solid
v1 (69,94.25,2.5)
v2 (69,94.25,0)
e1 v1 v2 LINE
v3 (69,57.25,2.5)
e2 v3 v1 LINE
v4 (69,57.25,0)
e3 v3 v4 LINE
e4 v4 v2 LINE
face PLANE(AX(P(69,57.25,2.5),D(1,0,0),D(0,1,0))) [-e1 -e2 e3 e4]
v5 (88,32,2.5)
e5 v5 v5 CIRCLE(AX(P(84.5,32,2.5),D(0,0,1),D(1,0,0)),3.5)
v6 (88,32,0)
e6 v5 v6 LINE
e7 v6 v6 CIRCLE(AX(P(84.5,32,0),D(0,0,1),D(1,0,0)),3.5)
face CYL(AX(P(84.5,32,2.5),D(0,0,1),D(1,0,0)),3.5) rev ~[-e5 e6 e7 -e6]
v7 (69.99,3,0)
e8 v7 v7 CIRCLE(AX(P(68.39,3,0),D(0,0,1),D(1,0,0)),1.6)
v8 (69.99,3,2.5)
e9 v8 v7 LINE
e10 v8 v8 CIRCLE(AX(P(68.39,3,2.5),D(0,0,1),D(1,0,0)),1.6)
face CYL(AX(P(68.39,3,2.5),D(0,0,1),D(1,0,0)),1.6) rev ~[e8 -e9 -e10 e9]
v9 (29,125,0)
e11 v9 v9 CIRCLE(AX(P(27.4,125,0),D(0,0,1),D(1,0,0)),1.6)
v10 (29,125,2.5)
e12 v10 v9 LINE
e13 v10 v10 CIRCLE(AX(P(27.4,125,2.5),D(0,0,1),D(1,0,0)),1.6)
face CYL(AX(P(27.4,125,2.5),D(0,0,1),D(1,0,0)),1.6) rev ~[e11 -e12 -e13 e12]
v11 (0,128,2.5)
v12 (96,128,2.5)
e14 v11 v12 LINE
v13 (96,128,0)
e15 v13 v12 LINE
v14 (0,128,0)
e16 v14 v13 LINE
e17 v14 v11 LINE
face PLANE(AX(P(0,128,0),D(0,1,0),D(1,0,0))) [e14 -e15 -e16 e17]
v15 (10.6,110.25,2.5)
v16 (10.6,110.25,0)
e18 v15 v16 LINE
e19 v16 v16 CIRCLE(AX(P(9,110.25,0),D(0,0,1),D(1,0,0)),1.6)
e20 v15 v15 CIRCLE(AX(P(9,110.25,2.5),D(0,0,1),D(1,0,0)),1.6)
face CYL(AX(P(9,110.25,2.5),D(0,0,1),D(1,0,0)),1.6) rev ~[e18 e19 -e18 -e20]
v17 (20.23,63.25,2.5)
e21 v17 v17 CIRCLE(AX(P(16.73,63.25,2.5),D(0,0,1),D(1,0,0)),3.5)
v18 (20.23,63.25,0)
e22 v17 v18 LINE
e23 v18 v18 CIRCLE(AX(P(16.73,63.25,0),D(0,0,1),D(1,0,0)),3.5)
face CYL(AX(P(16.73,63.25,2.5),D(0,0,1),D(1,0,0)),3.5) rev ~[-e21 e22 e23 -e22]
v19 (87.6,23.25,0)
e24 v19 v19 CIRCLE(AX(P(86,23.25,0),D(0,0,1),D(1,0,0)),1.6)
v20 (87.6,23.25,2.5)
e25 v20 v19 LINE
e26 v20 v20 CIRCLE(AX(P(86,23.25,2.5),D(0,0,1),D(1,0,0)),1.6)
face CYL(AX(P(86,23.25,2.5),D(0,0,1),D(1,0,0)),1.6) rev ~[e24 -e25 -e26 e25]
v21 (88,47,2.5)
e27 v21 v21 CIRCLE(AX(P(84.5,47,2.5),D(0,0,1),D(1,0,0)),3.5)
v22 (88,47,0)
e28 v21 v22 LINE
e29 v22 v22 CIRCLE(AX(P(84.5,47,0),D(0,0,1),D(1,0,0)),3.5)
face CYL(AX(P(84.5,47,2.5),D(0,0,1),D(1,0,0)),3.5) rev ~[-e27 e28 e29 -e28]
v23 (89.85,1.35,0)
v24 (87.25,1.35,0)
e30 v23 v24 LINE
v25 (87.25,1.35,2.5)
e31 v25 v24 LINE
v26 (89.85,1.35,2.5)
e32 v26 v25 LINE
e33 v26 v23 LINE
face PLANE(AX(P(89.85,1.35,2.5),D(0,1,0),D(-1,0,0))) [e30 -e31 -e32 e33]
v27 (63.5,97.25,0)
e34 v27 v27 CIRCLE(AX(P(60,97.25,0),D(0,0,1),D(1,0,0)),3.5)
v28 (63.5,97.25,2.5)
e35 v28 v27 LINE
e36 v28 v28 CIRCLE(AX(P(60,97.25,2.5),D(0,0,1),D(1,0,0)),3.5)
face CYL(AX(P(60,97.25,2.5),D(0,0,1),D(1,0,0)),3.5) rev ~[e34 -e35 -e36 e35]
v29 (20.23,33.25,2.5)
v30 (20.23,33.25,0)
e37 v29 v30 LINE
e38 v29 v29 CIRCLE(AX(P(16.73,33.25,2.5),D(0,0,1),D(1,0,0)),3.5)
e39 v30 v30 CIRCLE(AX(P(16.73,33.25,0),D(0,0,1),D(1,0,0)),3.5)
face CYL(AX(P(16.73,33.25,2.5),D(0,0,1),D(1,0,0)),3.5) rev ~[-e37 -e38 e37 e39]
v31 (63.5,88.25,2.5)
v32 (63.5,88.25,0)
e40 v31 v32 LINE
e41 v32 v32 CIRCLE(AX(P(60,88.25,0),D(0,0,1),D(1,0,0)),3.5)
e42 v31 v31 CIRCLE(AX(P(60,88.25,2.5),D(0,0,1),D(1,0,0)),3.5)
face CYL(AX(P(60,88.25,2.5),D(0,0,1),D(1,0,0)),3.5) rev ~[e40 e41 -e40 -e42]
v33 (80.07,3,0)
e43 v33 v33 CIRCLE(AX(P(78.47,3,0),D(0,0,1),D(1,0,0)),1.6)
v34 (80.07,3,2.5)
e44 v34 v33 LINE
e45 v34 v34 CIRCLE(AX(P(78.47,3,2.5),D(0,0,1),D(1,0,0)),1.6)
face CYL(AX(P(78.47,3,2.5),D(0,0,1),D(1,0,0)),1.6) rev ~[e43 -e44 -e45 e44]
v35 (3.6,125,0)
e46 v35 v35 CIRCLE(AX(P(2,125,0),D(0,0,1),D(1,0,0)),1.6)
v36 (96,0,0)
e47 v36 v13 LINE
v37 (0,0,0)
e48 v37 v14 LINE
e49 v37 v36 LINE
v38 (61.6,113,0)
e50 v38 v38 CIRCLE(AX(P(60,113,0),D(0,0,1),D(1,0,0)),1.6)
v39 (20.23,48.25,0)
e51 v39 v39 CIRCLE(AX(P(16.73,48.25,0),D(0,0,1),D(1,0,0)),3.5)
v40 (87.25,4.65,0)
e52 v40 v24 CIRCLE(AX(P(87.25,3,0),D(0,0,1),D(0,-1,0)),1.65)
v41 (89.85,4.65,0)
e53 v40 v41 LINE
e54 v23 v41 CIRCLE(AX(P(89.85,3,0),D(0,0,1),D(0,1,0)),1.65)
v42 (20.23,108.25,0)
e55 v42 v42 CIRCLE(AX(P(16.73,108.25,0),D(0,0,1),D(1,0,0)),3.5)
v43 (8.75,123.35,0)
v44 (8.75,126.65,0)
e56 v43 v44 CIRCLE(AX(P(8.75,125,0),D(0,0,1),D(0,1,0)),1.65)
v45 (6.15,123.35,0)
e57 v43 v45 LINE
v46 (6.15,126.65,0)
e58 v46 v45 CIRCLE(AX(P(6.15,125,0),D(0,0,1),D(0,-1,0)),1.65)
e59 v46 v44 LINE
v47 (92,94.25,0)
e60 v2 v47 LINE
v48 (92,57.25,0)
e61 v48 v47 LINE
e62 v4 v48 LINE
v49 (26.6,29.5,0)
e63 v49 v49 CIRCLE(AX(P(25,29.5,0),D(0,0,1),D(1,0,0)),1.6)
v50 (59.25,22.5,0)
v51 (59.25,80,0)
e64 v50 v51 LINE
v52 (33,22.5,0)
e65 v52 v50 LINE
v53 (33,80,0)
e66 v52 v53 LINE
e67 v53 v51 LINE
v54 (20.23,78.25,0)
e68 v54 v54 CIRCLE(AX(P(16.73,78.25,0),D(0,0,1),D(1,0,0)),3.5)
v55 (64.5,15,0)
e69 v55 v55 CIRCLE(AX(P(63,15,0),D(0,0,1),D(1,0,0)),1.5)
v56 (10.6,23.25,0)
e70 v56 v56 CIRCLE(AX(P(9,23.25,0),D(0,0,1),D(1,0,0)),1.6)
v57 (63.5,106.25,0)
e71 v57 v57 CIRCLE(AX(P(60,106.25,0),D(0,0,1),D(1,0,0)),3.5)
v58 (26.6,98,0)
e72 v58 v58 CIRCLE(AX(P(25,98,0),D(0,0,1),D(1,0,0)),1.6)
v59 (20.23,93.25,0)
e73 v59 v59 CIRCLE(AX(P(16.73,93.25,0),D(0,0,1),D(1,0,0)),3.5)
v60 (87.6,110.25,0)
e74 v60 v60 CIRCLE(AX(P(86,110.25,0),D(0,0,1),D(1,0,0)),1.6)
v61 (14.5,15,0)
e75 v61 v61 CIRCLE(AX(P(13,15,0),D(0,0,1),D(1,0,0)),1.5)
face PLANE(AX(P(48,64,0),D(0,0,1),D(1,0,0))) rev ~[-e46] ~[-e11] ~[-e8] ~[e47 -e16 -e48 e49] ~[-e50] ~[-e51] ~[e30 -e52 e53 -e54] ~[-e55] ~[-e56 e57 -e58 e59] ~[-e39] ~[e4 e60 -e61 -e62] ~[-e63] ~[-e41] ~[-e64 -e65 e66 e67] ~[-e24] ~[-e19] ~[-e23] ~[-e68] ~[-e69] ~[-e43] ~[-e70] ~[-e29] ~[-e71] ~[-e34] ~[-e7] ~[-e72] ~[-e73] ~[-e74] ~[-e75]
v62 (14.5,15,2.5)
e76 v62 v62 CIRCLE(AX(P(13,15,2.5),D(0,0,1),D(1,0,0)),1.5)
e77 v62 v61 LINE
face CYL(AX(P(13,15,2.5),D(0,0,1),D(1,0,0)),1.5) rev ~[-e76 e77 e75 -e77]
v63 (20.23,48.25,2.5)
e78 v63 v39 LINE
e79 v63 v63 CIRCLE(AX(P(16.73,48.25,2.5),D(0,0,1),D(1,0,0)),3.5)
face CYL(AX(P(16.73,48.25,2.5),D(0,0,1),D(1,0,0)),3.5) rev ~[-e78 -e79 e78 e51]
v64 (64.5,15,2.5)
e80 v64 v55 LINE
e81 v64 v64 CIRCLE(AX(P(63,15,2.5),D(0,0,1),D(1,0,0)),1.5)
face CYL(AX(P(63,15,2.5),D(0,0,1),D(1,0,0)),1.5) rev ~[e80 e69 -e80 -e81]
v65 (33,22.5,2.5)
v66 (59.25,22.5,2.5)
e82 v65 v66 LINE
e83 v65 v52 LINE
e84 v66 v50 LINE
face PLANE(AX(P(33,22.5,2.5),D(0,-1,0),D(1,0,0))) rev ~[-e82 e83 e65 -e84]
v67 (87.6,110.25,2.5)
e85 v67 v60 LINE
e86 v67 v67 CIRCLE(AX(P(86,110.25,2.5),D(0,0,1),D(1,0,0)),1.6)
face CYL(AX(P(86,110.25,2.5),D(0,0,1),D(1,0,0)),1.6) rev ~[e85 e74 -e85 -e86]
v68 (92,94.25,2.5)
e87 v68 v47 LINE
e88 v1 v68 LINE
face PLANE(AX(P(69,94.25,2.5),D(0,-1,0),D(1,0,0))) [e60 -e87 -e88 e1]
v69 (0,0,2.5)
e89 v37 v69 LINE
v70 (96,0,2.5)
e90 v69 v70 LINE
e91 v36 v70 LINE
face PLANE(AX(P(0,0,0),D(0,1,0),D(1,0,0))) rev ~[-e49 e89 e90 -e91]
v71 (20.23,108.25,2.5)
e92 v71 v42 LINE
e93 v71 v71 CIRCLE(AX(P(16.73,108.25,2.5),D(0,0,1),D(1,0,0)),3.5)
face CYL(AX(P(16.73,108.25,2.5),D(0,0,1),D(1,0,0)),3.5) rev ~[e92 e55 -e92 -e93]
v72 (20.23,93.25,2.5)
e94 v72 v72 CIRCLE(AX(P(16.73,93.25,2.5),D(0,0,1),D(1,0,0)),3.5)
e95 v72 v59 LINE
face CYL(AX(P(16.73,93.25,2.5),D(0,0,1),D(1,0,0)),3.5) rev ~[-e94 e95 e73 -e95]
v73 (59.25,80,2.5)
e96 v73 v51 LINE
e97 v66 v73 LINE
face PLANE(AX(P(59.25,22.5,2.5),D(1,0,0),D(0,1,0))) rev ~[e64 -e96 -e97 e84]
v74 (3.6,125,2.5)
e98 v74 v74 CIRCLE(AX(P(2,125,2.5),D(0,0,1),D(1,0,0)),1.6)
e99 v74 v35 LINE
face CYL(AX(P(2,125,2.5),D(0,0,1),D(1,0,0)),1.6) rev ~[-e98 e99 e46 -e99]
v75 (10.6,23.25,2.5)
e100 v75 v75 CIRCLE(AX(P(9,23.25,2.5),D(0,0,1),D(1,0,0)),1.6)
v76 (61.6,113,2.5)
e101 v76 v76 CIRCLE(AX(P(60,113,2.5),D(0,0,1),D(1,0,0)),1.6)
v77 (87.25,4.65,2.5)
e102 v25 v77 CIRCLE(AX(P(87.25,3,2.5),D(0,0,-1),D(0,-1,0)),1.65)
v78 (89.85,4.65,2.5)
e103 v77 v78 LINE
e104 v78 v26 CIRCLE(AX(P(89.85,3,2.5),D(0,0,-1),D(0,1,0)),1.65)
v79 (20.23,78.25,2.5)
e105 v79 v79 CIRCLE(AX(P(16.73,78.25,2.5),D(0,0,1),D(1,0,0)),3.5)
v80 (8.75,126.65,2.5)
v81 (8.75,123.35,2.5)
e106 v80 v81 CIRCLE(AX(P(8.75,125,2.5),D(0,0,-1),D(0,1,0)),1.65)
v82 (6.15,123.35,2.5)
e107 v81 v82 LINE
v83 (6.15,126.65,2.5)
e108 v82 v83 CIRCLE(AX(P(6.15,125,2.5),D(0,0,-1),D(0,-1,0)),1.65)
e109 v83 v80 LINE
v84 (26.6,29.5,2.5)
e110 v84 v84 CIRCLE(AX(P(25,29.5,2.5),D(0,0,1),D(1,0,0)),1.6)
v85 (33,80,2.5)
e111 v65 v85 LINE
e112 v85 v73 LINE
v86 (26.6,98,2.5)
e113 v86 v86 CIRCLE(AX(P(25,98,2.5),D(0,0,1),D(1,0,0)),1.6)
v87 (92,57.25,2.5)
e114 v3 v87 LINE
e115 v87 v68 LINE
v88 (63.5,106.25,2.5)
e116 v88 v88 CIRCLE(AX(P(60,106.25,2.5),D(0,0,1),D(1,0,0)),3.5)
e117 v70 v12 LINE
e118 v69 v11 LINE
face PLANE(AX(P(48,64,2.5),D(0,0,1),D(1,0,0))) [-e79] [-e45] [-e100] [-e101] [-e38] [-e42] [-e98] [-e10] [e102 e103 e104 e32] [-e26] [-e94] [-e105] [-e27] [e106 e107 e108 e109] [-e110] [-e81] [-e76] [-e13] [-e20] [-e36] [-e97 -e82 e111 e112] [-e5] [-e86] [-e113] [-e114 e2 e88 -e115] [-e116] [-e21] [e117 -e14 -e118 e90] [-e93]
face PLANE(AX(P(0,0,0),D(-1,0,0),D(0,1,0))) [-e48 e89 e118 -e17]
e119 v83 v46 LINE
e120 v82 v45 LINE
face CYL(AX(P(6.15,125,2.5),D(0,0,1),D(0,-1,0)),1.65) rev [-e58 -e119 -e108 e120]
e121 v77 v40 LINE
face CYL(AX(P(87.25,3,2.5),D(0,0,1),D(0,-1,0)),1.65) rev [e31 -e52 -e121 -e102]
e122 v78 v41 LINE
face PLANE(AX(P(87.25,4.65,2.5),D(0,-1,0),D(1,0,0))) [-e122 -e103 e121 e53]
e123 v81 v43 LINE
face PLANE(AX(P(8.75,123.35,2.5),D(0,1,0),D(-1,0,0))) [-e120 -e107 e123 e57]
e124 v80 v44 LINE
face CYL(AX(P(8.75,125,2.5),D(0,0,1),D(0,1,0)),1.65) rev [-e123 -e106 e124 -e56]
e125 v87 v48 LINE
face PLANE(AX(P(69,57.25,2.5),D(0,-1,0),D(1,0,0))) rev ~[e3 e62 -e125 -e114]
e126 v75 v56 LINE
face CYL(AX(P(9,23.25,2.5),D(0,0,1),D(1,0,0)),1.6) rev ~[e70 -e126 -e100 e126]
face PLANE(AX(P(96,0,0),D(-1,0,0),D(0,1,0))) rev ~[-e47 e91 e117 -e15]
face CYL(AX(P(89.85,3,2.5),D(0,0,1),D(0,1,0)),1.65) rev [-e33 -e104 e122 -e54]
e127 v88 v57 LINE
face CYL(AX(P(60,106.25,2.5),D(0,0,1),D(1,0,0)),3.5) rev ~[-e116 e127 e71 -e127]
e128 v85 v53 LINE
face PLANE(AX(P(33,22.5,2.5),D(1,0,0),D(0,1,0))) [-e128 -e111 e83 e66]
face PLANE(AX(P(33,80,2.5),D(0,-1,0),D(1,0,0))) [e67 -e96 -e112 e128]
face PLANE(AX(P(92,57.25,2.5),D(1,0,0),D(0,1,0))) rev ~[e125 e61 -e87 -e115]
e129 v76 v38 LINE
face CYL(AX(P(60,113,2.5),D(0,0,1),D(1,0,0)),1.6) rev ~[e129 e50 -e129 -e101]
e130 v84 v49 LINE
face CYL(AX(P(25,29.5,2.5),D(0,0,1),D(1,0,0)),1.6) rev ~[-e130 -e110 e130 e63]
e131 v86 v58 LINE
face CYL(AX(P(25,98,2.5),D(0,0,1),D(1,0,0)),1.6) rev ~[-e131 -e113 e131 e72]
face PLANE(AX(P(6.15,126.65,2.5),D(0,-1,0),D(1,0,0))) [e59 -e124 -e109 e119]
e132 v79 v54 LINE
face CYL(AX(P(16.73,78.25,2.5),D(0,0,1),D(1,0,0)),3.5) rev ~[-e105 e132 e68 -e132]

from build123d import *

# Parameters (mm, degrees)
SKETCH1_W           = 96
SKETCH1_H           = 128
BOSS_EXTRUDE1_DEPTH = 2.5
SKETCH2_R           = 1.6
CUT_EXTRUDE1_DEPTH  = 161.019530058
SKETCH3_R           = 1.6
CUT_EXTRUDE2_DEPTH  = 161.019530058
SKETCH4_R           = 1.5
CUT_EXTRUDE3_DEPTH  = 161.019530058
SKETCH9_R           = 1.6
CUT_EXTRUDE4_DEPTH  = 161.019530058
SKETCH12_R          = 3.5
CUT_EXTRUDE5_DEPTH  = 161.019530058
SKETCH13_W          = 23
SKETCH13_H          = 37
SKETCH13_W_2        = 26.25
SKETCH13_H_2        = 57.5
CUT_EXTRUDE6_DEPTH  = 161.019530058


with BuildPart() as part:
    # Sketch1 → Boss-Extrude1 (new body)
    with BuildSketch(Plane.XY):
        with Locations((48, 64)):
            Rectangle(SKETCH1_W, SKETCH1_H)
    extrude(amount=BOSS_EXTRUDE1_DEPTH)

    # Sketch2 → Cut-Extrude1 (cut, through all)
    with BuildSketch(Plane.XY.offset(2.5)):
        with Locations((2, 125)):
            Circle(SKETCH2_R)
        with Locations((27.4, 125)):
            Circle(SKETCH2_R)
        with Locations((78.47, 3)):
            Circle(SKETCH2_R)
        with Locations((68.39, 3)):
            Circle(SKETCH2_R)
        with BuildLine():
            Line((6.15, 126.65), (8.75, 126.65))
            ThreePointArc((8.75, 126.65), (10.4, 125), (8.75, 123.35))
            Line((8.75, 123.35), (6.15, 123.35))
            ThreePointArc((6.15, 123.35), (4.5, 125), (6.15, 126.65))
        make_face()
        with BuildLine():
            Line((87.25, 4.65), (89.85, 4.65))
            ThreePointArc((89.85, 4.65), (91.5, 3), (89.85, 1.35))
            Line((89.85, 1.35), (87.25, 1.35))
            ThreePointArc((87.25, 1.35), (85.6, 3), (87.25, 4.65))
        make_face()
    extrude(amount=-CUT_EXTRUDE1_DEPTH, mode=Mode.SUBTRACT)

    # Sketch3 → Cut-Extrude2 (cut, through all)
    with BuildSketch(Plane.XY.offset(2.5)):
        with Locations((25, 98)):
            Circle(SKETCH3_R)
        with Locations((60, 113)):
            Circle(SKETCH3_R)
        with Locations((25, 29.5)):
            Circle(SKETCH3_R)
    extrude(amount=-CUT_EXTRUDE2_DEPTH, mode=Mode.SUBTRACT)

    # Sketch4 → Cut-Extrude3 (cut, through all)
    with BuildSketch(Plane.XY.offset(2.5)):
        with Locations((13, 15)):
            Circle(SKETCH4_R)
        with Locations((63, 15)):
            Circle(SKETCH4_R)
    extrude(amount=-CUT_EXTRUDE3_DEPTH, mode=Mode.SUBTRACT)

    # Sketch9 → Cut-Extrude4 (cut, through all)
    with BuildSketch(Plane.XY.offset(2.5)):
        with Locations((9, 110.25)):
            Circle(SKETCH9_R)
        with Locations((9, 23.25)):
            Circle(SKETCH9_R)
        with Locations((86, 23.25)):
            Circle(SKETCH9_R)
        with Locations((86, 110.25)):
            Circle(SKETCH9_R)
    extrude(amount=-CUT_EXTRUDE4_DEPTH, mode=Mode.SUBTRACT)

    # Sketch12 → Cut-Extrude5 (cut, through all)
    with BuildSketch(Plane.XY.offset(2.5)):
        with Locations((16.73, 108.25)):
            Circle(SKETCH12_R)
        with Locations((16.73, 93.25)):
            Circle(SKETCH12_R)
        with Locations((16.73, 78.25)):
            Circle(SKETCH12_R)
        with Locations((16.73, 63.25)):
            Circle(SKETCH12_R)
        with Locations((16.73, 48.25)):
            Circle(SKETCH12_R)
        with Locations((16.73, 33.25)):
            Circle(SKETCH12_R)
        with Locations((60, 106.25)):
            Circle(SKETCH12_R)
        with Locations((60, 88.25)):
            Circle(SKETCH12_R)
        with Locations((60, 97.25)):
            Circle(SKETCH12_R)
        with Locations((84.5, 32)):
            Circle(SKETCH12_R)
        with Locations((84.5, 47)):
            Circle(SKETCH12_R)
    extrude(amount=-CUT_EXTRUDE5_DEPTH, mode=Mode.SUBTRACT)

    # Sketch13 → Cut-Extrude6 (cut, through all)
    with BuildSketch(Plane.XY.offset(2.5)):
        with Locations((80.5, 75.75)):
            Rectangle(SKETCH13_W, SKETCH13_H)
        with Locations((46.125, 51.25)):
            Rectangle(SKETCH13_W_2, SKETCH13_H_2)
    extrude(amount=-CUT_EXTRUDE6_DEPTH, mode=Mode.SUBTRACT)


solid = part.part
